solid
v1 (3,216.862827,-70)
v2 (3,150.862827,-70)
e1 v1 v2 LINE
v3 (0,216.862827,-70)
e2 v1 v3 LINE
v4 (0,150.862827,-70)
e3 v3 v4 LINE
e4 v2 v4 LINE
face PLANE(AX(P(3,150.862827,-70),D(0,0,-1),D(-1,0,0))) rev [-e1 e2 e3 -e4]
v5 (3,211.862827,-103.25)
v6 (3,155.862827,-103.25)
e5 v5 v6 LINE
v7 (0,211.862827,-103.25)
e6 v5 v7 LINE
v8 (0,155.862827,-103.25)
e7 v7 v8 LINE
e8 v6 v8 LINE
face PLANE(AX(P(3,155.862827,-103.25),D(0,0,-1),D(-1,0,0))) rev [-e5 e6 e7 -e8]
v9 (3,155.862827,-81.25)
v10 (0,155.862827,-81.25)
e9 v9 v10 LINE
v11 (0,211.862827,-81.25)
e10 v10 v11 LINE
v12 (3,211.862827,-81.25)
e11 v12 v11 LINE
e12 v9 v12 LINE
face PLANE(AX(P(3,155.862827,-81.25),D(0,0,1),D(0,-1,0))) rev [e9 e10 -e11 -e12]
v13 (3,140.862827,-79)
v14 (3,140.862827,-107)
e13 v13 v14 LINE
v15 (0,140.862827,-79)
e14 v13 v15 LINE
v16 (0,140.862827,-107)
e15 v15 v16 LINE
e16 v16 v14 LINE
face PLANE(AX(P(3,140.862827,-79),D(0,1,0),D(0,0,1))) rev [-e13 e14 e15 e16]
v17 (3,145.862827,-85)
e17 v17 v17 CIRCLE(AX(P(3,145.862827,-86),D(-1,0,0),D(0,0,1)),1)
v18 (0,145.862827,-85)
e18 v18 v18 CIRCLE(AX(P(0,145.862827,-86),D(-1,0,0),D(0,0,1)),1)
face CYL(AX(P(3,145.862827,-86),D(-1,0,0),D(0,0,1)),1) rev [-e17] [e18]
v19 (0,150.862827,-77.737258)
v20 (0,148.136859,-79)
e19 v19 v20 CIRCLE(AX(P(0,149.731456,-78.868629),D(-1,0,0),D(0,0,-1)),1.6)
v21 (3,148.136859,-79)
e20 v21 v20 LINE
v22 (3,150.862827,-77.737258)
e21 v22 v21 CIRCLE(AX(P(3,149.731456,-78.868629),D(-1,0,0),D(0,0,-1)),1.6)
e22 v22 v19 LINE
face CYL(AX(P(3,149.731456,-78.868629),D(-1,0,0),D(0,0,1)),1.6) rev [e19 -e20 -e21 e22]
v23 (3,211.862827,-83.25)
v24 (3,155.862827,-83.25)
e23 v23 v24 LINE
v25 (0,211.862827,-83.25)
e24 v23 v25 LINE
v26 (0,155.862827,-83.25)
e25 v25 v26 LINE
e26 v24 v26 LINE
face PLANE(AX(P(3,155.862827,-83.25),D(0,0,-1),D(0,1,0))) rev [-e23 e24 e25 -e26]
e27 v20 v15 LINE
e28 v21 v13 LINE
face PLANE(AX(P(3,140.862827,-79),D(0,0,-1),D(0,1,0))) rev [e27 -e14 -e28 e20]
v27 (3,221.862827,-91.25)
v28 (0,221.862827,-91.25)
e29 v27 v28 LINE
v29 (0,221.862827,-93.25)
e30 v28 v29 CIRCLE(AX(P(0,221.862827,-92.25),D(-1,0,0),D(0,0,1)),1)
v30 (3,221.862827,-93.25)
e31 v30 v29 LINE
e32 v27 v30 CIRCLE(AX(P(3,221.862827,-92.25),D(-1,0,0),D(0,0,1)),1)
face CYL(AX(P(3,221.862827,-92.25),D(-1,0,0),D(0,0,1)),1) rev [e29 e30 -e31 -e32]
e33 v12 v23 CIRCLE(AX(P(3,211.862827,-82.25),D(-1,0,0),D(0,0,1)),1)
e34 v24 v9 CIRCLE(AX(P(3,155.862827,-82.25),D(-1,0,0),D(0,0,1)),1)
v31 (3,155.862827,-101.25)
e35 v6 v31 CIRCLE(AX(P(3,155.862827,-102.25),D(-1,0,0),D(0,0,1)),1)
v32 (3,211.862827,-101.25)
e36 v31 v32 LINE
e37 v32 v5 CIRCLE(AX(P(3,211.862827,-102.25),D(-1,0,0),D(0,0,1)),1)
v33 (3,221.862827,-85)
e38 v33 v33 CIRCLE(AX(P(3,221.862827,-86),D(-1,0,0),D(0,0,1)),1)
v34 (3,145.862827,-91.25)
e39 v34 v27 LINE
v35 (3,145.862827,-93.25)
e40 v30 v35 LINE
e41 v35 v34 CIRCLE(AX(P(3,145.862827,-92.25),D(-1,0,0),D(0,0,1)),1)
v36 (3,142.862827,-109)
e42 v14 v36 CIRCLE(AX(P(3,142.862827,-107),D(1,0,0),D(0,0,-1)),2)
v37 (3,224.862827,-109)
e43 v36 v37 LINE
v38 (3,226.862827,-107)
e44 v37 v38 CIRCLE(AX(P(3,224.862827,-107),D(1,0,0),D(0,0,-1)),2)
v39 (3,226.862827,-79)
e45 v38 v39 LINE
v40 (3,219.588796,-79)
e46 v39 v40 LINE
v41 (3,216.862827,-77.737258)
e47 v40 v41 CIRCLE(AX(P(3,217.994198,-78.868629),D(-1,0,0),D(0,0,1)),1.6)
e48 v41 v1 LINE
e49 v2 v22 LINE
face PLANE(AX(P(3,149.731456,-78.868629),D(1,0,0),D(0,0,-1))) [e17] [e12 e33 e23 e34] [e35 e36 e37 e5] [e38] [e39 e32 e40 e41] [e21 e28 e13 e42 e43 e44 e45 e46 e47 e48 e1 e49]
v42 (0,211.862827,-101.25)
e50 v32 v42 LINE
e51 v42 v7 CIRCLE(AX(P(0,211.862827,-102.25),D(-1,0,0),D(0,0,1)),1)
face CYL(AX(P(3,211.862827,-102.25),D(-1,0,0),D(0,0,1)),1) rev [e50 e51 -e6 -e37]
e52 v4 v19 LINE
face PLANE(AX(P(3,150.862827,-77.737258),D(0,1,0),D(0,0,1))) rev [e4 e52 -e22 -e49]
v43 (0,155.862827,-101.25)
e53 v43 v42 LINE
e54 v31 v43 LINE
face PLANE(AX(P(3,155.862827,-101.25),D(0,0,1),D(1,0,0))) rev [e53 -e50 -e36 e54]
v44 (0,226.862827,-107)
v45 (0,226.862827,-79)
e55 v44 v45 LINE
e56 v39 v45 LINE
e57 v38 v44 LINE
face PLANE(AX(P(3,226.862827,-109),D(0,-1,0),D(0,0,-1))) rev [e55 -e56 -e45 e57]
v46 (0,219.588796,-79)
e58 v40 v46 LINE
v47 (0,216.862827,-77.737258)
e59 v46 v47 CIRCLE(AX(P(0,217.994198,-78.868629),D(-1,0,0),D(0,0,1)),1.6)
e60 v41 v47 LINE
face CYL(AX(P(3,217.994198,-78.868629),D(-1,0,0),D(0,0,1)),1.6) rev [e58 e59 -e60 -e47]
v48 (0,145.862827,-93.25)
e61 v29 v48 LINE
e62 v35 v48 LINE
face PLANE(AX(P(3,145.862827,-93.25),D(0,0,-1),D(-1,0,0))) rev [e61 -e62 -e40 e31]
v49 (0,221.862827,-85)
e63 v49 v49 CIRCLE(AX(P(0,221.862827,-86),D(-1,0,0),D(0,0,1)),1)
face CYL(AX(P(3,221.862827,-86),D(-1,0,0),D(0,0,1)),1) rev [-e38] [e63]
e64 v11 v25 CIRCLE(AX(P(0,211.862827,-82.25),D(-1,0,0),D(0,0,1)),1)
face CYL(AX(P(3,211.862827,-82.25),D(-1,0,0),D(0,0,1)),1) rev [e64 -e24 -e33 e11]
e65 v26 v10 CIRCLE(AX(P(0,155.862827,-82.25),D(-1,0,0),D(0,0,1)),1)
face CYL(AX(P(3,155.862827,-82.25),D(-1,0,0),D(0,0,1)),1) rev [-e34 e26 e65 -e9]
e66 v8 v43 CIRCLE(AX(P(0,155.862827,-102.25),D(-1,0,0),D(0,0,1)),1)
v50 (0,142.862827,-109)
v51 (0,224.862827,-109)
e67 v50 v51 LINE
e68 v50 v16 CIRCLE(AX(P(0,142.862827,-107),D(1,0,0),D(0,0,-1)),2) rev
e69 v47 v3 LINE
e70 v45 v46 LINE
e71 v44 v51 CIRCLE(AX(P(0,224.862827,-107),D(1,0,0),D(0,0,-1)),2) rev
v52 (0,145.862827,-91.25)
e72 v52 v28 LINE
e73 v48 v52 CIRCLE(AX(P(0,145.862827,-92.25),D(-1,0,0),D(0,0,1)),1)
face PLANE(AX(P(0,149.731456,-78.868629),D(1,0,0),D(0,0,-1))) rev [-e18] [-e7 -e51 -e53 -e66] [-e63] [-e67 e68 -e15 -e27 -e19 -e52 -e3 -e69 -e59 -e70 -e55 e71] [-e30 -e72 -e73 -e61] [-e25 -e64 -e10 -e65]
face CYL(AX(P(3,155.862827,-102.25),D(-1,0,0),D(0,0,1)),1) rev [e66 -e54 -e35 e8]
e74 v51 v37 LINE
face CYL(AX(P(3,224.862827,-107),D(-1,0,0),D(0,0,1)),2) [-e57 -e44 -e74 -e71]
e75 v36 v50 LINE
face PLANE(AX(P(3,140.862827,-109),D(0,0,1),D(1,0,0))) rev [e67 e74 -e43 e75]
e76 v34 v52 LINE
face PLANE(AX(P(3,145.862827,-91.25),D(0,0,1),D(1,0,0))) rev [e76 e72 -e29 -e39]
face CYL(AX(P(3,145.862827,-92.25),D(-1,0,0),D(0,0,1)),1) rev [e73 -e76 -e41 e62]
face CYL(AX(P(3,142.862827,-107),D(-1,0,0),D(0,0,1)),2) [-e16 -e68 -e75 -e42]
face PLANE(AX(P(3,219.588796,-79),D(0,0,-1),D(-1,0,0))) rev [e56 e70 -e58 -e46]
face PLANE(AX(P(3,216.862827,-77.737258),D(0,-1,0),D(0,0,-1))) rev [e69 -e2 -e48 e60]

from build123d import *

# Parameters (mm, degrees)
EXTRUSION1_DEPTH        = 3
ENL_V_MAT_EXTRU_2_DEPTH = 4
ESQUISSE4_R             = 1
ENL_V_MAT_EXTRU_3_DEPTH = 4
CONG_1_R                = 2


with BuildPart() as part:
    # Esquisse1 → Extrusion1 (new body)
    with BuildSketch(Plane(origin=(0, 0, 0), x_dir=(0, 0, -1), z_dir=(1, 0, 0))):
        with BuildLine():
            Line((109, 226.862827305), (79, 226.862827305))
            Line((79, 226.862827305), (79, 219.588795816))
            ThreePointArc((79, 219.588795816), (80.320430128, 217.321685018), (77.7372583, 216.862827305))
            Line((77.7372583, 216.862827305), (70, 216.862827305))
            Line((70, 216.862827305), (70, 150.862827305))
            Line((70, 150.862827305), (77.7372583, 150.862827305))
            ThreePointArc((77.7372583, 150.862827305), (80.320430128, 150.403969592), (79, 148.136858794))
            Line((79, 148.136858794), (79, 140.862827305))
            Line((79, 140.862827305), (109, 140.862827305))
            Line((109, 140.862827305), (109, 226.862827305))
        make_face()
    extrude(amount=EXTRUSION1_DEPTH)

    # Esquisse3 → Enlèv. mat.-Extru.2 (cut, through all)
    with BuildSketch(Plane.ZY):
        with BuildLine():
            Line((-83.25, 155.862827305), (-83.25, 211.862827305))
            ThreePointArc((-83.25, 211.862827305), (-82.25, 212.862827305), (-81.25, 211.862827305))
            Line((-81.25, 211.862827305), (-81.25, 155.862827305))
            ThreePointArc((-81.25, 155.862827305), (-82.25, 154.862827305), (-83.25, 155.862827305))
        make_face()
        with BuildLine():
            Line((-93.25, 145.862827305), (-93.25, 221.862827305))
            ThreePointArc((-93.25, 221.862827305), (-92.25, 222.862827305), (-91.25, 221.862827305))
            Line((-91.25, 221.862827305), (-91.25, 145.862827305))
            ThreePointArc((-91.25, 145.862827305), (-92.25, 144.862827305), (-93.25, 145.862827305))
        make_face()
        with BuildLine():
            Line((-103.25, 155.862827305), (-103.25, 211.862827305))
            ThreePointArc((-103.25, 211.862827305), (-102.25, 212.862827305), (-101.25, 211.862827305))
            Line((-101.25, 211.862827305), (-101.25, 155.862827305))
            ThreePointArc((-101.25, 155.862827305), (-102.25, 154.862827305), (-103.25, 155.862827305))
        make_face()
    extrude(amount=-ENL_V_MAT_EXTRU_2_DEPTH, mode=Mode.SUBTRACT)

    # Esquisse4 → Enlèv. mat.-Extru.3 (cut, through all)
    with BuildSketch(Plane.ZY):
        with Locations((-86, 221.862827305)):
            Circle(ESQUISSE4_R)
        with Locations((-86, 145.862827305)):
            Circle(ESQUISSE4_R)
    extrude(amount=-ENL_V_MAT_EXTRU_3_DEPTH, mode=Mode.SUBTRACT)

    # Congé1
    cong_1_edges = [part.edges().sort_by_distance(p)[0] for p in [
        (1.5, 226.862827305, -109),
        (1.5, 140.862827305, -109),
    ]]
    fillet(cong_1_edges, radius=CONG_1_R)


solid = part.part
